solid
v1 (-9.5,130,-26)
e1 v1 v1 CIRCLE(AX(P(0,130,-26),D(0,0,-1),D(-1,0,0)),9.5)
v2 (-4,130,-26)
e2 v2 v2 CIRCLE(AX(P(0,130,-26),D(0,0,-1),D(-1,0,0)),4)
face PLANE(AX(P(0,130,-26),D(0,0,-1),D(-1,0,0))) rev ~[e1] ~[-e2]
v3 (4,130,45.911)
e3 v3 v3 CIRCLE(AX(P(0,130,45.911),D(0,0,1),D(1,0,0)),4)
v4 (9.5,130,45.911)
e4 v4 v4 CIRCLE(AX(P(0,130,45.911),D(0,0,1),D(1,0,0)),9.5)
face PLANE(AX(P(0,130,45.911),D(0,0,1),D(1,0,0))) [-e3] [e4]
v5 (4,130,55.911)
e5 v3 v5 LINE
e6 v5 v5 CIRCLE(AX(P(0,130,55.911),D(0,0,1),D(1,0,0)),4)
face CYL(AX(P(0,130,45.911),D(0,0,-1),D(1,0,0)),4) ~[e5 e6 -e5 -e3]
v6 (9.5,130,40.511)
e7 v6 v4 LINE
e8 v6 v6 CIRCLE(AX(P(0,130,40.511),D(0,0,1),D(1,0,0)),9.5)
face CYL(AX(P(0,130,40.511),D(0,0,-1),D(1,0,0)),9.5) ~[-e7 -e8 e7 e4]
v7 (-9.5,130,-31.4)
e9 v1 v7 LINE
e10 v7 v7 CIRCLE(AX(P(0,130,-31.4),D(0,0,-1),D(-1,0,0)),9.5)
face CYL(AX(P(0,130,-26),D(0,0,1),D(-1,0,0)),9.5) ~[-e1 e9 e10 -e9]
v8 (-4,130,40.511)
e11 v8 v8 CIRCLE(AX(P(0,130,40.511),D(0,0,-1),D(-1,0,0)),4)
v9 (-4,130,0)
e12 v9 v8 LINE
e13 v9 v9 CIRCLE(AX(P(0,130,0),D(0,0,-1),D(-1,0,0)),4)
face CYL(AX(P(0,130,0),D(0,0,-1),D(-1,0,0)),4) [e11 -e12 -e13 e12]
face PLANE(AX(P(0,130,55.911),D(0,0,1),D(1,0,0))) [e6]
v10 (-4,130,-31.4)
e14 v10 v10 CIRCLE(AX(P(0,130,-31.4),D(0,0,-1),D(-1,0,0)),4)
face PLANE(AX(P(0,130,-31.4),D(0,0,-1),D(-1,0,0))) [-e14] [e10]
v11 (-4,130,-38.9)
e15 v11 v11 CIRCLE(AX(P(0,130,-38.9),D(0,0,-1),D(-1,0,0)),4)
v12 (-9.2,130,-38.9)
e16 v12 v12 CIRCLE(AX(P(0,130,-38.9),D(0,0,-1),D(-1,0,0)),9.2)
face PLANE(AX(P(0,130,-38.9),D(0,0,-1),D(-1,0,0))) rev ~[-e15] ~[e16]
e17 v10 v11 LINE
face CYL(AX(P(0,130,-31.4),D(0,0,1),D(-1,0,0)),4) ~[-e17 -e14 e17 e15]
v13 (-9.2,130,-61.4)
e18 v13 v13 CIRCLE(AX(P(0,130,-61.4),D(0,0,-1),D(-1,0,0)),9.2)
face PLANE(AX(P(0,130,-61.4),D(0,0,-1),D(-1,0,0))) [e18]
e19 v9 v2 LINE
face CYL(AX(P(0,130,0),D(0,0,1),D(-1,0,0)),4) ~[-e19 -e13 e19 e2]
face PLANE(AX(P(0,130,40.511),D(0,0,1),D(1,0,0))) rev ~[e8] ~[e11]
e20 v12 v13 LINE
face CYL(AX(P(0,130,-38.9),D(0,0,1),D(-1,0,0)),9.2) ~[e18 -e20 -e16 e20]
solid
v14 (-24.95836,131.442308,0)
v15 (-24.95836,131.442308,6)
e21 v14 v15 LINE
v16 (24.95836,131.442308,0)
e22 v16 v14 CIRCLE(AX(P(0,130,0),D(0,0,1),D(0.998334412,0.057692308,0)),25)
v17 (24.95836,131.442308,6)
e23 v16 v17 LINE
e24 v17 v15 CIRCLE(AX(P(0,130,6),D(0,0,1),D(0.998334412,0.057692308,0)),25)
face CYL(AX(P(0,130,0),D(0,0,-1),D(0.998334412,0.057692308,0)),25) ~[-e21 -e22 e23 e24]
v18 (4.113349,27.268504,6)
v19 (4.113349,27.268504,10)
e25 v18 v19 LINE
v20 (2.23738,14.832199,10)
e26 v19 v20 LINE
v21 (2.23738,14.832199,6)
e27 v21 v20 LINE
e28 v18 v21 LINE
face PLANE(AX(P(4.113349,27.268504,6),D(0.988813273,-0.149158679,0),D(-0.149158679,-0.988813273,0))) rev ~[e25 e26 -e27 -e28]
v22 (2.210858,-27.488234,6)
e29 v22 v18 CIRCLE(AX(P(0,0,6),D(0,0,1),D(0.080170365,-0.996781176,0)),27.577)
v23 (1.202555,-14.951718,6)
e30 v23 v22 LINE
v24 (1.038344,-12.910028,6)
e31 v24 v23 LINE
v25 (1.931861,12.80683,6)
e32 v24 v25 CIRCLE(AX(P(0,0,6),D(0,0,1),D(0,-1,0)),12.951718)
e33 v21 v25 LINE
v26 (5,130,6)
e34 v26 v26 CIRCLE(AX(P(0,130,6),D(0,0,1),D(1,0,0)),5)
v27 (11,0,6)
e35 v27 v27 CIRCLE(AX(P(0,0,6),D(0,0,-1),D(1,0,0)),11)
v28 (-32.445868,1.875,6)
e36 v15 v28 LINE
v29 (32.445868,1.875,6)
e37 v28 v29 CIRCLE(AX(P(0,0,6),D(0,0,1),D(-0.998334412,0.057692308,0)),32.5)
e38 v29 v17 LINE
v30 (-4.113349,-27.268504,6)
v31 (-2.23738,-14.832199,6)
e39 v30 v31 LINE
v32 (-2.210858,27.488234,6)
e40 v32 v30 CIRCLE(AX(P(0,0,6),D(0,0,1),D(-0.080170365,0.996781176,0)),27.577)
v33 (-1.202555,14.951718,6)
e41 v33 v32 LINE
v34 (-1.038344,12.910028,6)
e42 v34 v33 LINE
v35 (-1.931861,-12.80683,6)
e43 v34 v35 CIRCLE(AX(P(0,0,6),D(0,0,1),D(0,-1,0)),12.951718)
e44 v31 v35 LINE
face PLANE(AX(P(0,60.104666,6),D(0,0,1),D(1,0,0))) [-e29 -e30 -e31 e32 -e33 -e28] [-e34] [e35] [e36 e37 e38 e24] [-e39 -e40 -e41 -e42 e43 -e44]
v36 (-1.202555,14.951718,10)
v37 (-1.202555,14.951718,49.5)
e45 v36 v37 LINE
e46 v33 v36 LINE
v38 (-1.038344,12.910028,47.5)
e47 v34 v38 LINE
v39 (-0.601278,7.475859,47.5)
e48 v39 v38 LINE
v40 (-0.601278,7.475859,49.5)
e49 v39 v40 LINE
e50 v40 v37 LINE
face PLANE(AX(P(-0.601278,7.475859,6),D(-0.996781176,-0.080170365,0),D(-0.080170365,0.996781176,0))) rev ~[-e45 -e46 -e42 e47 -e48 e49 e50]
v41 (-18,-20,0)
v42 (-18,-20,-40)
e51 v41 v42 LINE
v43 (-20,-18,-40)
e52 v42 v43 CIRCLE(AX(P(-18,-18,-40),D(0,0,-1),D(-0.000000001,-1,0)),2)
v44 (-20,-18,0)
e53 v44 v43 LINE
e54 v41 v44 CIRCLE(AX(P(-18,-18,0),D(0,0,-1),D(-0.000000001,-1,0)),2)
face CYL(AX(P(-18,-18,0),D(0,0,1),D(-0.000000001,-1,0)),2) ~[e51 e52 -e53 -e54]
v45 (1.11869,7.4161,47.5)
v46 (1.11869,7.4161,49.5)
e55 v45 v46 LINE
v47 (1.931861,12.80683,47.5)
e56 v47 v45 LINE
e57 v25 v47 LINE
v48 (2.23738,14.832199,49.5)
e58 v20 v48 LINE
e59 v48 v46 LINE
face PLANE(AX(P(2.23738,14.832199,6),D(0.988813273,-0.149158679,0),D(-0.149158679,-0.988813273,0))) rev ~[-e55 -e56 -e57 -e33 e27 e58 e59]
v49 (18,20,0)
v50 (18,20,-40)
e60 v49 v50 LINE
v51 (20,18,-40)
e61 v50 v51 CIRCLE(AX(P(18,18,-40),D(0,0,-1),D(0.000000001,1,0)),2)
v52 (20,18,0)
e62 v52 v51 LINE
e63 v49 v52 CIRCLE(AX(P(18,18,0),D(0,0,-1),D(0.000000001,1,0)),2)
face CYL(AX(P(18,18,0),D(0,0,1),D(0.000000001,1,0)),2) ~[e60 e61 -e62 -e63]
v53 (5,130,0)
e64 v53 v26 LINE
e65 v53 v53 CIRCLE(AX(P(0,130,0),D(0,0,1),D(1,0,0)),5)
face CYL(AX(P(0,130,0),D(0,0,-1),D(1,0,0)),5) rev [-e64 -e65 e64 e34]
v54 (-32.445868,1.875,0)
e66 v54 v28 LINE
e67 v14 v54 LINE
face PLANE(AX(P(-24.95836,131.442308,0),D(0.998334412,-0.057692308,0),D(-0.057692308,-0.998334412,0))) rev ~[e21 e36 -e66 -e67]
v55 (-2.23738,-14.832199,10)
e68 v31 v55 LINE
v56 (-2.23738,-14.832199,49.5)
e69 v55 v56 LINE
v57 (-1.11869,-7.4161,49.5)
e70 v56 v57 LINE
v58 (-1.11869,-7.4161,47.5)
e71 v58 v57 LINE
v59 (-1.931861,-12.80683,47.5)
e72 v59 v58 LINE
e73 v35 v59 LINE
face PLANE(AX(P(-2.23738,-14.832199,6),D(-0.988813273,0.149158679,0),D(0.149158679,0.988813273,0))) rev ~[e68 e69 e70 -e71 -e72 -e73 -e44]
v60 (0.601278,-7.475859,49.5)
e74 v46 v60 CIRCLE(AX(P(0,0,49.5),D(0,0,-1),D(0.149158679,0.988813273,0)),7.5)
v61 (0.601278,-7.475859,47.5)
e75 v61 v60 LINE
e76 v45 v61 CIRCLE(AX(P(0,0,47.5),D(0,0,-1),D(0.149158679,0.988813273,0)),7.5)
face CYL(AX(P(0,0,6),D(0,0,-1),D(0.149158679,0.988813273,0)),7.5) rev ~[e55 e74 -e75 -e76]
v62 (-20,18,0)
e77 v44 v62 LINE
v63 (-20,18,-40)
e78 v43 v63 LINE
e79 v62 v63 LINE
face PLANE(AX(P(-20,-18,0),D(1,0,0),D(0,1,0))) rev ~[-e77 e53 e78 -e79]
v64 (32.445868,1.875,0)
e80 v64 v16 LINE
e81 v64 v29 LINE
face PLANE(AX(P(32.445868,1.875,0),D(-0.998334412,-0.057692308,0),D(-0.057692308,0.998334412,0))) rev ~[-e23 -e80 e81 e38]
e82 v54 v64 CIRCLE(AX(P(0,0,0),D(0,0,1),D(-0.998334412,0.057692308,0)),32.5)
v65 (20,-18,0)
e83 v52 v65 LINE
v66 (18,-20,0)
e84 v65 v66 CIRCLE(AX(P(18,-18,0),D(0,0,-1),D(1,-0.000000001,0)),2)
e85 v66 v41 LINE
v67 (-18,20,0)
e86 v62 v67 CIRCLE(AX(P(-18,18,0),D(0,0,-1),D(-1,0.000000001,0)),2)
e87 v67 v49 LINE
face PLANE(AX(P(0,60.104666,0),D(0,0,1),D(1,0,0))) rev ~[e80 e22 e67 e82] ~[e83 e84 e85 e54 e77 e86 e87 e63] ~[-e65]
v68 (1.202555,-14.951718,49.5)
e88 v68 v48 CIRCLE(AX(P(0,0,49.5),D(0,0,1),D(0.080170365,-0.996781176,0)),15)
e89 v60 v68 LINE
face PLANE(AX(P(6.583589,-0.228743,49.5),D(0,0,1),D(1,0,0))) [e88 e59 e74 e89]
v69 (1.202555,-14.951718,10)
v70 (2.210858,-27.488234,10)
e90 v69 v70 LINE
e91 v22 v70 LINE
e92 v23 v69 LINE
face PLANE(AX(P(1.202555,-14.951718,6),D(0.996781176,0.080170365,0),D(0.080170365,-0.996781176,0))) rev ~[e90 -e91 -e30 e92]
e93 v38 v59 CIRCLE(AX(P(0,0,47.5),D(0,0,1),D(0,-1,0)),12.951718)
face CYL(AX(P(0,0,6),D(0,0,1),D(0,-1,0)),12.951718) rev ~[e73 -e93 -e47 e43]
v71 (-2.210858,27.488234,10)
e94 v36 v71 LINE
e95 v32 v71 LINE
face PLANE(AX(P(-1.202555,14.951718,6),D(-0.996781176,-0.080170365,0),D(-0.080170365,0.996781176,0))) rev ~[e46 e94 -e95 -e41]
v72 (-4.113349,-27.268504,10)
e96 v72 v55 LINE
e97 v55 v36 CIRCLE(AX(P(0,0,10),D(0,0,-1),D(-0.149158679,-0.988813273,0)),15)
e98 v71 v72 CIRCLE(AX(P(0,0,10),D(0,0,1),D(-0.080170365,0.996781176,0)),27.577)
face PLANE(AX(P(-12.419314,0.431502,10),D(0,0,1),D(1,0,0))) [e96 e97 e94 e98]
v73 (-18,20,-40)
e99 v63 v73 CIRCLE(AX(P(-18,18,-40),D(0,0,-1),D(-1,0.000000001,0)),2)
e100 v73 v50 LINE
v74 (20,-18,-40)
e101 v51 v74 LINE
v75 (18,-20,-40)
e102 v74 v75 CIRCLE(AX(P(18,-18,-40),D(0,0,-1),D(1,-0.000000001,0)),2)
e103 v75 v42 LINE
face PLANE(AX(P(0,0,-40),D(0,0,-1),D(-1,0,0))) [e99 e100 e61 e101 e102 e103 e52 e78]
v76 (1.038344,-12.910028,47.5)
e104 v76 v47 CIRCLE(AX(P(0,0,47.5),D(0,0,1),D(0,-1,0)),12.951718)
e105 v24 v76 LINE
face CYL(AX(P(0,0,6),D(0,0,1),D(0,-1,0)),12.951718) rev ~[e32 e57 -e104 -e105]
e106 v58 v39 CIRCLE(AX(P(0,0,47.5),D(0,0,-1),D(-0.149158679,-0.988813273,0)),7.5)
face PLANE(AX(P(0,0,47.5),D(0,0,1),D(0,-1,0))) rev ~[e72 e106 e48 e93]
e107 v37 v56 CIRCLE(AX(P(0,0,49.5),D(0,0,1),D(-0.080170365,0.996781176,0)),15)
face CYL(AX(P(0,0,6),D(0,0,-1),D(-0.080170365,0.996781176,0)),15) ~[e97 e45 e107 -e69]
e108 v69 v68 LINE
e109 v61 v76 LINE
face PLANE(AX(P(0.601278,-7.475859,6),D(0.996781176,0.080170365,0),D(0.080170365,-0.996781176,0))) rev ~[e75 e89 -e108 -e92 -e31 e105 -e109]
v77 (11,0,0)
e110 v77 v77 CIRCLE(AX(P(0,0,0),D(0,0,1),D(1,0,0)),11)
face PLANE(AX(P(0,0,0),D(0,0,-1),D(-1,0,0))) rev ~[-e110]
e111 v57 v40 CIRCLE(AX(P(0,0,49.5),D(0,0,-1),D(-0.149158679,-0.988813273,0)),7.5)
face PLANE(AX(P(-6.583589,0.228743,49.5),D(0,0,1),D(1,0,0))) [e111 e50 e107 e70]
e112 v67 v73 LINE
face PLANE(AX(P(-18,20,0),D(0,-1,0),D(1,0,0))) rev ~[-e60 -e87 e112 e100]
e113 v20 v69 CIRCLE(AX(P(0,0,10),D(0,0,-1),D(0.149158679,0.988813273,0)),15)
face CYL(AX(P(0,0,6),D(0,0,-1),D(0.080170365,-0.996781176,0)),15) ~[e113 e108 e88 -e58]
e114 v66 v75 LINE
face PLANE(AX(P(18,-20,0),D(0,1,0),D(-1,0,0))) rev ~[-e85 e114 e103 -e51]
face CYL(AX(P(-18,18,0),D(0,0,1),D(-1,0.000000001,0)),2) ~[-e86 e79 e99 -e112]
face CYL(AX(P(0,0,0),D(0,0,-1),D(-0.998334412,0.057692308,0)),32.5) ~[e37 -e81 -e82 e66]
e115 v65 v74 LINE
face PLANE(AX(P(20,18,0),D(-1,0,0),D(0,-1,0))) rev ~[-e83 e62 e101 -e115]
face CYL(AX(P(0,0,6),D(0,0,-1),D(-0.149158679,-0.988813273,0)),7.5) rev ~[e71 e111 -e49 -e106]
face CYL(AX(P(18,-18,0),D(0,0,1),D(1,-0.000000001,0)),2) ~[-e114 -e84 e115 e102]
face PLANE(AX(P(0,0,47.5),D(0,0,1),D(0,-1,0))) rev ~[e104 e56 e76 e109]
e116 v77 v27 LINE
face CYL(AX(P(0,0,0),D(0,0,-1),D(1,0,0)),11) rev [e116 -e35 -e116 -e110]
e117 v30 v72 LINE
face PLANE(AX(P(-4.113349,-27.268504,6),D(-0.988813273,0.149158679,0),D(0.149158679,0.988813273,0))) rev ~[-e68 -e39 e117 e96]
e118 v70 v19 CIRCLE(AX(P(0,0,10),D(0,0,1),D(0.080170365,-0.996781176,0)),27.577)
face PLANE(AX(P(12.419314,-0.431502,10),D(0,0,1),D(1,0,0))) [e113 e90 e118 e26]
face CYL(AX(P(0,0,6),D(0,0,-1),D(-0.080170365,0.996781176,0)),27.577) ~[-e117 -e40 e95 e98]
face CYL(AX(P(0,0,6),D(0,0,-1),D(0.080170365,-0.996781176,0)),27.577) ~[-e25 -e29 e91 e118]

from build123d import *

# Parameters (mm, degrees)
SKETCH1_R            = 5
SKETCH1_R_2          = 11
BOSS_EXTRUDE1_DEPTH  = 6
BOSS_EXTRUDE2_DEPTH  = 40
BOSS_EXTRUDE4_DEPTH  = 4
BOSS_EXTRUDE5_DEPTH  = 43.5
SKETCH3_R            = 4
BOSS_EXTRUDE6_DEPTH  = 40.511
SKETCH4_R            = 9.5
BOSS_EXTRUDE7_DEPTH  = 5.4
SKETCH5_R            = 4
BOSS_EXTRUDE8_DEPTH  = 10
SKETCH3_2_R          = 4
BOSS_EXTRUDE9_DEPTH  = 26
SKETCH6_R            = 9.5
BOSS_EXTRUDE10_DEPTH = 5.4
SKETCH7_R            = 4
BOSS_EXTRUDE12_DEPTH = 7.5
SKETCH8_R            = 9.2
BOSS_EXTRUDE13_DEPTH = 22.5


with BuildPart() as part:
    # Sketch1 → Boss-Extrude1 (new body)
    with BuildSketch(Plane.XY):
        with BuildLine():
            Line((32.445868381, 1.875), (24.958360293, 131.442307692))
            ThreePointArc((24.958360293, 131.442307692), (0, 155), (-24.958360293, 131.442307692))
            Line((-24.958360293, 131.442307692), (-32.445868381, 1.875))
            ThreePointArc((-32.445868381, 1.875), (0, -32.5), (32.445868381, 1.875))
        make_face()
        with Locations((0, 130)):
            Circle(SKETCH1_R, mode=Mode.SUBTRACT)
        Circle(SKETCH1_R_2, mode=Mode.SUBTRACT)
    extrude(amount=BOSS_EXTRUDE1_DEPTH)

    # Sketch1<3> → Boss-Extrude2 (add)
    with BuildSketch(Plane.XY):
        with BuildLine():
            ThreePointArc((-18, 20), (-19.414213562, 19.414213562), (-20, 18))
            Line((-20, 18), (-20, -18))
            ThreePointArc((-20, -18), (-19.414213562, -19.414213562), (-18, -20))
            Line((-18, -20), (18, -20))
            ThreePointArc((18, -20), (19.414213562, -19.414213562), (20, -18))
            Line((20, -18), (20, 18))
            ThreePointArc((20, 18), (19.414213562, 19.414213562), (18, 20))
            Line((18, 20), (-18, 20))
        make_face()
    extrude(amount=-BOSS_EXTRUDE2_DEPTH)

    # Sketch2 → Boss-Extrude4 (add)
    with BuildSketch(Plane.XY.offset(6)):
        with BuildLine():
            ThreePointArc((2.210858166, -27.488234486), (27.560369933, -0.957568872), (4.113348883, 27.268503625))
            Line((4.113348883, 27.268503625), (2.237380181, 14.832199093))
            ThreePointArc((2.237380181, 14.832199093), (14.990954382, -0.520851908), (1.202555481, -14.951717638))
            Line((1.202555481, -14.951717638), (2.210858166, -27.488234486))
        make_face()
        with BuildLine():
            Line((-1.202555481, 14.951717638), (-2.210858166, 27.488234486))
            ThreePointArc((-2.210858166, 27.488234486), (-27.560369933, 0.957568872), (-4.113348883, -27.268503625))
            Line((-4.113348883, -27.268503625), (-2.237380181, -14.832199093))
            ThreePointArc((-2.237380181, -14.832199093), (-14.990954382, 0.520851908), (-1.202555481, 14.951717638))
        make_face()
    extrude(amount=BOSS_EXTRUDE4_DEPTH)

    # Sketch2<3> → Boss-Extrude5 (add)
    with BuildSketch(Plane.XY.offset(6)):
        with BuildLine():
            Line((2.237380181, 14.832199093), (1.11869009, 7.416099546))
            ThreePointArc((1.11869009, 7.416099546), (7.495477191, -0.260425954), (0.60127774, -7.475858819))
            Line((0.60127774, -7.475858819), (1.202555481, -14.951717638))
            ThreePointArc((1.202555481, -14.951717638), (14.990954382, -0.520851908), (2.237380181, 14.832199093))
        make_face()
        with BuildLine():
            ThreePointArc((-1.202555481, 14.951717638), (-14.990954382, 0.520851908), (-2.237380181, -14.832199093))
            Line((-2.237380181, -14.832199093), (-1.11869009, -7.416099546))
            ThreePointArc((-1.11869009, -7.416099546), (-7.495477191, 0.260425954), (-0.60127774, 7.475858819))
            Line((-0.60127774, 7.475858819), (-1.202555481, 14.951717638))
        make_face()
    extrude(amount=BOSS_EXTRUDE5_DEPTH)

    # Sketch9 → Cut-Revolve1 (revolve, cut)
    with BuildSketch(Plane.ZY):
        Polygon((6, -7.475858819), (6, -10.964592934), (6, -12.951717638), (47.5, -12.951717638), (47.5, -7.475858819), align=None)
    revolve(axis=Axis((0, 0, 3.424764537), (0, 0, 1)), mode=Mode.SUBTRACT)


with BuildPart() as body_2:
    # Sketch3 → Boss-Extrude6 (new body)
    with BuildSketch(Plane(origin=(0, 0, 0), x_dir=(-1, 0, 0), z_dir=(0, 0, -1))):
        with Locations((0, 130)):
            Circle(SKETCH3_R)
    extrude(amount=-BOSS_EXTRUDE6_DEPTH)

    # Sketch4 → Boss-Extrude7 (add)
    with BuildSketch(Plane.XY.offset(40.511)):
        with Locations((0, 130)):
            Circle(SKETCH4_R)
    extrude(amount=BOSS_EXTRUDE7_DEPTH)

    # Sketch5 → Boss-Extrude8 (add)
    with BuildSketch(Plane.XY.offset(45.911)):
        with Locations((0, 130)):
            Circle(SKETCH5_R)
    extrude(amount=BOSS_EXTRUDE8_DEPTH)

    # Sketch3<2> → Boss-Extrude9 (add)
    with BuildSketch(Plane(origin=(0, 0, 0), x_dir=(-1, 0, 0), z_dir=(0, 0, -1))):
        with Locations((0, 130)):
            Circle(SKETCH3_2_R)
    extrude(amount=BOSS_EXTRUDE9_DEPTH)

    # Sketch6 → Boss-Extrude10 (add)
    with BuildSketch(Plane(origin=(0, 0, -26), x_dir=(-1, 0, 0), z_dir=(0, 0, -1))):
        with Locations((0, 130)):
            Circle(SKETCH6_R)
    extrude(amount=BOSS_EXTRUDE10_DEPTH)

    # Sketch7 → Boss-Extrude12 (add)
    with BuildSketch(Plane(origin=(0, 0, -31.4), x_dir=(-1, 0, 0), z_dir=(0, 0, -1))):
        with Locations((0, 130)):
            Circle(SKETCH7_R)
    extrude(amount=BOSS_EXTRUDE12_DEPTH)

    # Sketch8 → Boss-Extrude13 (add)
    with BuildSketch(Plane(origin=(0, 0, -38.9), x_dir=(-1, 0, 0), z_dir=(0, 0, -1))):
        with Locations((0, 130)):
            Circle(SKETCH8_R)
    extrude(amount=BOSS_EXTRUDE13_DEPTH)


solid = Compound([part.part, body_2.part])
